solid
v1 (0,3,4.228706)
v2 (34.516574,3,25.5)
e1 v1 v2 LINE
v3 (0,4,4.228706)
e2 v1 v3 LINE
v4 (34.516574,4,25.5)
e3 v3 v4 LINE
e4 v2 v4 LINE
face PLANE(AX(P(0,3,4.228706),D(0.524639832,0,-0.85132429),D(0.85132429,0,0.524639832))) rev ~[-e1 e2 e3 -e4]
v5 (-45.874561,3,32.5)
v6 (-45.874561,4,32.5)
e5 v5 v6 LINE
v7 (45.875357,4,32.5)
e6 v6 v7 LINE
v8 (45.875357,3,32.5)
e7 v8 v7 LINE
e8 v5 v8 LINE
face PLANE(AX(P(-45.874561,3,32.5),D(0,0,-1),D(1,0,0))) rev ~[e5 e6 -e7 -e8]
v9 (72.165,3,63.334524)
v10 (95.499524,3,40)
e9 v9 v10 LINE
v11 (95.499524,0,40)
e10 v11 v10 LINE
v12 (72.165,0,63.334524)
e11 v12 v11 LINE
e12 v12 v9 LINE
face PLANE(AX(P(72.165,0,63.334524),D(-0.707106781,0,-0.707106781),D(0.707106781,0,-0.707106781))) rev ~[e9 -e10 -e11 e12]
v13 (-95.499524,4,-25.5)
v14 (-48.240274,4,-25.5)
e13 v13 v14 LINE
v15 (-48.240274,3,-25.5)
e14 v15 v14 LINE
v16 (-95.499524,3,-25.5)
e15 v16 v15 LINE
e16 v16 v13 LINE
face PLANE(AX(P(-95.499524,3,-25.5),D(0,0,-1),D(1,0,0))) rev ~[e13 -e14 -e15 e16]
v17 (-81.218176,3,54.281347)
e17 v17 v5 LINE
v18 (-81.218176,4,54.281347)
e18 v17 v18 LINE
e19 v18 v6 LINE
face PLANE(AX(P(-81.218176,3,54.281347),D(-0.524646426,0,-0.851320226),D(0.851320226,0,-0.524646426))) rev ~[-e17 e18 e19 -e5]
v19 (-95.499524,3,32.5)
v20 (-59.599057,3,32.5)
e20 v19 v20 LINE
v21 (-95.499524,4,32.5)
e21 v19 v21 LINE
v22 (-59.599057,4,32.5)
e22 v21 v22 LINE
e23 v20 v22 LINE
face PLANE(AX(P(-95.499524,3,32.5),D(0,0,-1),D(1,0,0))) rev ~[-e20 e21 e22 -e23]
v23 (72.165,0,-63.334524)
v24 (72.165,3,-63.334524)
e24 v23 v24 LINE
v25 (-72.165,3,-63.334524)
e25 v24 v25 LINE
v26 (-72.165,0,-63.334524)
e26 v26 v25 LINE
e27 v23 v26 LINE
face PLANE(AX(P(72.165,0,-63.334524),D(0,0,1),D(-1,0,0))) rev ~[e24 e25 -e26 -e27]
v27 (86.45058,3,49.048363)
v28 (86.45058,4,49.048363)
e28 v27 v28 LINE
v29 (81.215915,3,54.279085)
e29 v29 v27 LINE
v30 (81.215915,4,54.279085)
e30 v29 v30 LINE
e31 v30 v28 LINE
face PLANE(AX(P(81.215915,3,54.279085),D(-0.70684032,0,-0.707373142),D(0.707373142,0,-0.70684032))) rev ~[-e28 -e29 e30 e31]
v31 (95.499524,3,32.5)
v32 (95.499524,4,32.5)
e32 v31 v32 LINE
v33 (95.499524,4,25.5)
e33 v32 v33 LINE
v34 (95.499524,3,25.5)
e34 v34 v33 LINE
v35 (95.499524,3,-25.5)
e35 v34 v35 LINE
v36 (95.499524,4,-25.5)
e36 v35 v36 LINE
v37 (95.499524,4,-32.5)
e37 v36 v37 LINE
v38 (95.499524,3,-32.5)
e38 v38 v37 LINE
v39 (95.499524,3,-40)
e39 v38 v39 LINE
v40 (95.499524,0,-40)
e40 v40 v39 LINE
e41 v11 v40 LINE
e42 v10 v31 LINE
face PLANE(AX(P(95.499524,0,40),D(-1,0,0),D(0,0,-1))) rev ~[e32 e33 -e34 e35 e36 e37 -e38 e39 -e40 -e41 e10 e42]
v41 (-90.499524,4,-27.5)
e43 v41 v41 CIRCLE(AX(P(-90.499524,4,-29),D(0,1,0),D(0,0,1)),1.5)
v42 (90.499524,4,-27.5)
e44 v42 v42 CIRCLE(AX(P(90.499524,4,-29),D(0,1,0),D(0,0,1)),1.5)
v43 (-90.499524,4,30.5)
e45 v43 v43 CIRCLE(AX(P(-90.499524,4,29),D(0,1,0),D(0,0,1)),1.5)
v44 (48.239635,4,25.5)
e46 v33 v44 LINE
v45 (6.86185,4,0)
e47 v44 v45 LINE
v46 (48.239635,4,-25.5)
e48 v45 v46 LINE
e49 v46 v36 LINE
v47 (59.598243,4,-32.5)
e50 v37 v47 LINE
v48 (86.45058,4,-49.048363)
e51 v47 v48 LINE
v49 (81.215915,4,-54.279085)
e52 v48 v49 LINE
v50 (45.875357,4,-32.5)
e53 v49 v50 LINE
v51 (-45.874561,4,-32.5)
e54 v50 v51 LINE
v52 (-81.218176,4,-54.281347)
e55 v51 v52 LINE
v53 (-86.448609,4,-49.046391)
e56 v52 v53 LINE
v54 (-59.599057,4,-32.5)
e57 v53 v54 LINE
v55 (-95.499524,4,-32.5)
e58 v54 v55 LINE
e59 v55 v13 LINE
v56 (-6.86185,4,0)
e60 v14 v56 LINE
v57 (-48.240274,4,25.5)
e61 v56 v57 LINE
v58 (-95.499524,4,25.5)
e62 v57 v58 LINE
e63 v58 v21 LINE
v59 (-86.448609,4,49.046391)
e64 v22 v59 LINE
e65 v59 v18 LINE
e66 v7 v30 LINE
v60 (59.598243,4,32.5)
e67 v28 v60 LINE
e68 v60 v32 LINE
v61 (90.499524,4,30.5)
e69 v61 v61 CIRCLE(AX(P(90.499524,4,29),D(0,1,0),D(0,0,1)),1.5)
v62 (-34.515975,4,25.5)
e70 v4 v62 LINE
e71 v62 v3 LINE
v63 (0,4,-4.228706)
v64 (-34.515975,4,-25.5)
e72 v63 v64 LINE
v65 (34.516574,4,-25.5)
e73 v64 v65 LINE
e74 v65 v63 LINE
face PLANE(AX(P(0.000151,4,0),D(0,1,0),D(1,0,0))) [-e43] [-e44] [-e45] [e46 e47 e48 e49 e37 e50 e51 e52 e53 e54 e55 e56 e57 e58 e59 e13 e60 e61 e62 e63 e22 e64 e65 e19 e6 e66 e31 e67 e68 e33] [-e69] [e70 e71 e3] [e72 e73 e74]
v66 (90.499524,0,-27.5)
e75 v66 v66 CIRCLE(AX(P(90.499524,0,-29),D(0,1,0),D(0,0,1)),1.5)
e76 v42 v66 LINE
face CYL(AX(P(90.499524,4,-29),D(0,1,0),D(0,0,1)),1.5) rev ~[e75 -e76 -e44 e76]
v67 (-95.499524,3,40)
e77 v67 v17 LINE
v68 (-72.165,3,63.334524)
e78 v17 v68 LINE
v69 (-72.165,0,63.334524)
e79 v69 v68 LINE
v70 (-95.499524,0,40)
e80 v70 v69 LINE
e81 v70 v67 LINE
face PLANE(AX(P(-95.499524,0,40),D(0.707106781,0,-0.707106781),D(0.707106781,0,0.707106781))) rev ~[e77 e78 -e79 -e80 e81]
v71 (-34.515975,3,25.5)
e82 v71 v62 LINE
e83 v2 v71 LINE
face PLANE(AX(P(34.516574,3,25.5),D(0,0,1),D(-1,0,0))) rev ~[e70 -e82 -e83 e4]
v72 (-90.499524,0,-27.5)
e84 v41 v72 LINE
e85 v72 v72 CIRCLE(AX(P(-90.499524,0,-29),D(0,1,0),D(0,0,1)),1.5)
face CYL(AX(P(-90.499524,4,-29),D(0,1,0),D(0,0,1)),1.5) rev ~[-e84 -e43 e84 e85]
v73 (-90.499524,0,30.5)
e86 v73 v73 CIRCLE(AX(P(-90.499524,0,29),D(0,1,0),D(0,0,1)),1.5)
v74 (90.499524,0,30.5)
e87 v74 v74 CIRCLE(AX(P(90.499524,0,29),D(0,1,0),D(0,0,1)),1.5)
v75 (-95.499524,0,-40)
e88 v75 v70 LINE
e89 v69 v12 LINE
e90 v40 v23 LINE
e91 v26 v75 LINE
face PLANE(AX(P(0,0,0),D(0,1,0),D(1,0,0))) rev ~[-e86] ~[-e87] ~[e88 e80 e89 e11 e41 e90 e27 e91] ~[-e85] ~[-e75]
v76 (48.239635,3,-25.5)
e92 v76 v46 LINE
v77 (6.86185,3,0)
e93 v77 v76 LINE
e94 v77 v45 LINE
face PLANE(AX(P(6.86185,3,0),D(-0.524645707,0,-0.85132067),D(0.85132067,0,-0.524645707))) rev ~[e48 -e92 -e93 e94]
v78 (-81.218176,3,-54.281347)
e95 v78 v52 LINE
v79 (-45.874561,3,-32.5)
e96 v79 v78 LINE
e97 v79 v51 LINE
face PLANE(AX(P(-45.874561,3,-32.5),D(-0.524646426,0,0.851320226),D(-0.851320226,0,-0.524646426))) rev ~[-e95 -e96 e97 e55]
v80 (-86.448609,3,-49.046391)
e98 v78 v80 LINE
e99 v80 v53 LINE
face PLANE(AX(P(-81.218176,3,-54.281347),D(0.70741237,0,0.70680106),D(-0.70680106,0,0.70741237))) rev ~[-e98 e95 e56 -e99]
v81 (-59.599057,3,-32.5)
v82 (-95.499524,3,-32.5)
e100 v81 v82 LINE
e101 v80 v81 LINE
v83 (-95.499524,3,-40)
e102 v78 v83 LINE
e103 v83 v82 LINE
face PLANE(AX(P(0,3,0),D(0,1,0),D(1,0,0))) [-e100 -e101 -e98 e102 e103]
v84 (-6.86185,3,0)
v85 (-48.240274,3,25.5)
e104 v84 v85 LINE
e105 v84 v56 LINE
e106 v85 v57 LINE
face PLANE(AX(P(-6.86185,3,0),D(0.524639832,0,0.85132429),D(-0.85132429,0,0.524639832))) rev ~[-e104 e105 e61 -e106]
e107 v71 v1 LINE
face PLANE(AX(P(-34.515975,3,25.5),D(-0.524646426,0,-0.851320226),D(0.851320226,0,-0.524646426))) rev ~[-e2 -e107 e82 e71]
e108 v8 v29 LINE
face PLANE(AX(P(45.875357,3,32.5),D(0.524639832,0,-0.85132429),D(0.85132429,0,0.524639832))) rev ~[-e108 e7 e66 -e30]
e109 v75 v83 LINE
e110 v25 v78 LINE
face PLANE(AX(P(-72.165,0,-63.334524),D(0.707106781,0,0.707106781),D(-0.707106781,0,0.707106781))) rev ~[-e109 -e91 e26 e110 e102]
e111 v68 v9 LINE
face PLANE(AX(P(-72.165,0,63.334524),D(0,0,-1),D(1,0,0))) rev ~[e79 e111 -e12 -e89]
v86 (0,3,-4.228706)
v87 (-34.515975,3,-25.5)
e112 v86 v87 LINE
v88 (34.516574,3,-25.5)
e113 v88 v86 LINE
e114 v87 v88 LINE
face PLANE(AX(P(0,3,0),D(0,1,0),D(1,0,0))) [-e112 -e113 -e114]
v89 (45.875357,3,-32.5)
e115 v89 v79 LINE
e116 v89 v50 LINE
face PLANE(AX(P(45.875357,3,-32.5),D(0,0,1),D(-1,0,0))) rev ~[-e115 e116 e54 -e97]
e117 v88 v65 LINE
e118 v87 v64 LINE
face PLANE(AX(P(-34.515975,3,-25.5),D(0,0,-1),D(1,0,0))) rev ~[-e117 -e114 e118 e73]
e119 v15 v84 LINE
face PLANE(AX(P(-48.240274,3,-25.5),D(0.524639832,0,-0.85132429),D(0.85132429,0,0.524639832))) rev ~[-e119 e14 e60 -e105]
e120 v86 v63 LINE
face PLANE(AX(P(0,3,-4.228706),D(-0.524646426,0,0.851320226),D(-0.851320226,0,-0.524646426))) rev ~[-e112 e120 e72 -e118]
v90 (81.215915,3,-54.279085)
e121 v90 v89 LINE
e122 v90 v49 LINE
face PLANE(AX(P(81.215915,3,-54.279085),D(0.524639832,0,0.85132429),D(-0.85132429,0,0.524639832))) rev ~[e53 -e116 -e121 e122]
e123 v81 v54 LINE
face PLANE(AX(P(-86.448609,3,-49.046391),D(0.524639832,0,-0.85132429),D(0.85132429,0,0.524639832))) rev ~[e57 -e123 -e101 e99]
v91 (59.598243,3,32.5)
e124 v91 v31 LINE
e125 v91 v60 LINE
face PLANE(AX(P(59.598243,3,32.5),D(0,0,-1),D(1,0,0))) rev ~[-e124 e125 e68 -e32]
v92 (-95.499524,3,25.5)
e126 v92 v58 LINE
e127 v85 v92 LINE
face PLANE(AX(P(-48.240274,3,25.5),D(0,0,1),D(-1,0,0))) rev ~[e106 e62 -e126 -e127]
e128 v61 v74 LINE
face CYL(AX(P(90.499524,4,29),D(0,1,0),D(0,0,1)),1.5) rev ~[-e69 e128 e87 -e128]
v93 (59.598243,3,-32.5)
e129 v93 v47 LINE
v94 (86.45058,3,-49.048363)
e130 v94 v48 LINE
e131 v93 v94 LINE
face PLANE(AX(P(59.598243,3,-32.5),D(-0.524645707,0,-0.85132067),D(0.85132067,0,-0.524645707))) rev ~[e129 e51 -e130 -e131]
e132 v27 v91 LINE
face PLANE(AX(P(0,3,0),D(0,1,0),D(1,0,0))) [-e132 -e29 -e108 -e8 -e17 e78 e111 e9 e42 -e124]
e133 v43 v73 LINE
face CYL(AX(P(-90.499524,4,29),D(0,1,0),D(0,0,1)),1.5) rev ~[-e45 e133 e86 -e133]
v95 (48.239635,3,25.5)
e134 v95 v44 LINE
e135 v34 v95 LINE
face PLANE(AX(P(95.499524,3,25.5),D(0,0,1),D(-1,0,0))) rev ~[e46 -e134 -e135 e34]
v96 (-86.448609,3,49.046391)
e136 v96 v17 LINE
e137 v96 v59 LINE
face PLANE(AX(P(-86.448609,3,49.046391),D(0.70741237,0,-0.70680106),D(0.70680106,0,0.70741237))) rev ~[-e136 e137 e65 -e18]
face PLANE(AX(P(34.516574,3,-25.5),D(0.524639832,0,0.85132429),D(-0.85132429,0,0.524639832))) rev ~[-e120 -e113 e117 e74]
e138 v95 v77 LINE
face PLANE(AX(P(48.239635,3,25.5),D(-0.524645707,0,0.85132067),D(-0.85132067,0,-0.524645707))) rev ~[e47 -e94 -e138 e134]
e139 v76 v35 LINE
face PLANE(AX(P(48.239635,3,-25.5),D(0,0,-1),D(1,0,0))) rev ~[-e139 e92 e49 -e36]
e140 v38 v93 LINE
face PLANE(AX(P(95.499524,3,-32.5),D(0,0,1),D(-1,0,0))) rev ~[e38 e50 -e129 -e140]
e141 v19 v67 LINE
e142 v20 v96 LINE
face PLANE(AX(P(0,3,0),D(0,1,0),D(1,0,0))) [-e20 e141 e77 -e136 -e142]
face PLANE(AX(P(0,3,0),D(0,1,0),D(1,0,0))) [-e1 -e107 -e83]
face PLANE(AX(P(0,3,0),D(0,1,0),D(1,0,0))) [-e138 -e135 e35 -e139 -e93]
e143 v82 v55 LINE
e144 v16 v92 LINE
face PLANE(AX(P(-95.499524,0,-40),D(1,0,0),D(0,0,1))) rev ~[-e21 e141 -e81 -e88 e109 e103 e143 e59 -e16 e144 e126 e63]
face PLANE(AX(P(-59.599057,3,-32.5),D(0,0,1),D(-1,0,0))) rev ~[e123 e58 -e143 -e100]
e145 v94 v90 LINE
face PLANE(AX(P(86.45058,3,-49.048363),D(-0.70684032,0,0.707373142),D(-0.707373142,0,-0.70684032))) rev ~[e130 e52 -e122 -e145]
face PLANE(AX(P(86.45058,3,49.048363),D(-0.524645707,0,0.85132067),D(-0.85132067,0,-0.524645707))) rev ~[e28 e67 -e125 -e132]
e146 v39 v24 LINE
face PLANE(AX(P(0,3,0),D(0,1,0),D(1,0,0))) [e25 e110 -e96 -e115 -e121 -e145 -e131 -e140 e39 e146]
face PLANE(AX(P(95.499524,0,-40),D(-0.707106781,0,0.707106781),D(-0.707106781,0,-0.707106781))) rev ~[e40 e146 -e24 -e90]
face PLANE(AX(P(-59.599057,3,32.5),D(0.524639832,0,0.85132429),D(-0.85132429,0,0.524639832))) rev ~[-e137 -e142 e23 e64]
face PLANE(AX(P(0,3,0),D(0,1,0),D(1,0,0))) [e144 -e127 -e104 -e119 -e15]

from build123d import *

# Parameters (mm, degrees)
SALIENTE_EXTRUIR1_DEPTH = 3
SALIENTE_EXTRUIR2_DEPTH = 1
CROQUIS3_R              = 1.5
CORTAR_EXTRUIR1_DEPTH   = 115.662203643
CROQUIS5_R              = 1.5
CORTAR_EXTRUIR2_DEPTH   = 115.662203643


with BuildPart() as part:
    # Croquis1 → Saliente-Extruir1 (new body)
    with BuildSketch(Plane(origin=(0, 0, 0), x_dir=(1, 0, 0), z_dir=(0, 1, 0))):
        Polygon((-72.165, -63.334523779), (72.165, -63.334523779), (95.499523779, -40), (95.499523779, 40), (72.165, 63.334523779), (-72.165, 63.334523779), (-95.499523779, 40), (-95.499523779, -40), align=None)
    extrude(amount=SALIENTE_EXTRUIR1_DEPTH)

    # Croquis2 → Saliente-Extruir2 (add)
    with BuildSketch(Plane(origin=(0, 3, 0), x_dir=(1, 0, 0), z_dir=(0, 1, 0))):
        Polygon((-95.499523779, -25.5), (-95.499523779, -32.5), (-59.599057268, -32.5), (-86.448609178, -49.046390822), (-81.218176491, -54.281347289), (-45.874561104, -32.5), (45.875356635, -32.5), (81.215914601, -54.279085399), (86.450579917, -49.048363047), (59.59824255, -32.5), (95.499523779, -32.5), (95.499523779, -25.5), (48.239634992, -25.5), (6.861850317, 0), (48.239634992, 25.5), (95.499523779, 25.5), (95.499523779, 32.5), (59.59824255, 32.5), (86.450579917, 49.048363047), (81.215914601, 54.279085399), (45.875356635, 32.5), (-45.874561104, 32.5), (-81.218176491, 54.281347289), (-86.448609178, 49.046390822), (-59.599057268, 32.5), (-95.499523779, 32.5), (-95.499523779, 25.5), (-48.240274232, 25.5), (-6.861850317, 0), (-48.240274232, -25.5), align=None)
        Polygon((34.516573599, -25.5), (-34.515975042, -25.5), (0, -4.228705845), align=None, mode=Mode.SUBTRACT)
        Polygon((0, 4.228705845), (-34.515975042, 25.5), (34.516573599, 25.5), align=None, mode=Mode.SUBTRACT)
    extrude(amount=SALIENTE_EXTRUIR2_DEPTH)

    # Croquis3 → Cortar-Extruir1 (cut, through all)
    with BuildSketch(Plane(origin=(0, 4, 0), x_dir=(1, 0, 0), z_dir=(0, 1, 0))):
        with Locations(Location((-90.499523779, -29, 0), (0, 0, 270))):
            Circle(CROQUIS3_R)
    extrude(amount=-CORTAR_EXTRUIR1_DEPTH, mode=Mode.SUBTRACT)

    # Croquis5 → Cortar-Extruir2 (cut, through all)
    with BuildSketch(Plane(origin=(0, 4, 0), x_dir=(1, 0, 0), z_dir=(0, 1, 0))):
        with Locations(Location((-90.499523779, 29, 0), (0, 0, 270))):
            Circle(CROQUIS5_R)
        with Locations(Location((90.499523779, 29, 0), (0, 0, 270))):
            Circle(CROQUIS5_R)
        with Locations(Location((90.499523779, -29, 0), (0, 0, 270))):
            Circle(CROQUIS5_R)
    extrude(amount=-CORTAR_EXTRUIR2_DEPTH, mode=Mode.SUBTRACT)


solid = part.part
